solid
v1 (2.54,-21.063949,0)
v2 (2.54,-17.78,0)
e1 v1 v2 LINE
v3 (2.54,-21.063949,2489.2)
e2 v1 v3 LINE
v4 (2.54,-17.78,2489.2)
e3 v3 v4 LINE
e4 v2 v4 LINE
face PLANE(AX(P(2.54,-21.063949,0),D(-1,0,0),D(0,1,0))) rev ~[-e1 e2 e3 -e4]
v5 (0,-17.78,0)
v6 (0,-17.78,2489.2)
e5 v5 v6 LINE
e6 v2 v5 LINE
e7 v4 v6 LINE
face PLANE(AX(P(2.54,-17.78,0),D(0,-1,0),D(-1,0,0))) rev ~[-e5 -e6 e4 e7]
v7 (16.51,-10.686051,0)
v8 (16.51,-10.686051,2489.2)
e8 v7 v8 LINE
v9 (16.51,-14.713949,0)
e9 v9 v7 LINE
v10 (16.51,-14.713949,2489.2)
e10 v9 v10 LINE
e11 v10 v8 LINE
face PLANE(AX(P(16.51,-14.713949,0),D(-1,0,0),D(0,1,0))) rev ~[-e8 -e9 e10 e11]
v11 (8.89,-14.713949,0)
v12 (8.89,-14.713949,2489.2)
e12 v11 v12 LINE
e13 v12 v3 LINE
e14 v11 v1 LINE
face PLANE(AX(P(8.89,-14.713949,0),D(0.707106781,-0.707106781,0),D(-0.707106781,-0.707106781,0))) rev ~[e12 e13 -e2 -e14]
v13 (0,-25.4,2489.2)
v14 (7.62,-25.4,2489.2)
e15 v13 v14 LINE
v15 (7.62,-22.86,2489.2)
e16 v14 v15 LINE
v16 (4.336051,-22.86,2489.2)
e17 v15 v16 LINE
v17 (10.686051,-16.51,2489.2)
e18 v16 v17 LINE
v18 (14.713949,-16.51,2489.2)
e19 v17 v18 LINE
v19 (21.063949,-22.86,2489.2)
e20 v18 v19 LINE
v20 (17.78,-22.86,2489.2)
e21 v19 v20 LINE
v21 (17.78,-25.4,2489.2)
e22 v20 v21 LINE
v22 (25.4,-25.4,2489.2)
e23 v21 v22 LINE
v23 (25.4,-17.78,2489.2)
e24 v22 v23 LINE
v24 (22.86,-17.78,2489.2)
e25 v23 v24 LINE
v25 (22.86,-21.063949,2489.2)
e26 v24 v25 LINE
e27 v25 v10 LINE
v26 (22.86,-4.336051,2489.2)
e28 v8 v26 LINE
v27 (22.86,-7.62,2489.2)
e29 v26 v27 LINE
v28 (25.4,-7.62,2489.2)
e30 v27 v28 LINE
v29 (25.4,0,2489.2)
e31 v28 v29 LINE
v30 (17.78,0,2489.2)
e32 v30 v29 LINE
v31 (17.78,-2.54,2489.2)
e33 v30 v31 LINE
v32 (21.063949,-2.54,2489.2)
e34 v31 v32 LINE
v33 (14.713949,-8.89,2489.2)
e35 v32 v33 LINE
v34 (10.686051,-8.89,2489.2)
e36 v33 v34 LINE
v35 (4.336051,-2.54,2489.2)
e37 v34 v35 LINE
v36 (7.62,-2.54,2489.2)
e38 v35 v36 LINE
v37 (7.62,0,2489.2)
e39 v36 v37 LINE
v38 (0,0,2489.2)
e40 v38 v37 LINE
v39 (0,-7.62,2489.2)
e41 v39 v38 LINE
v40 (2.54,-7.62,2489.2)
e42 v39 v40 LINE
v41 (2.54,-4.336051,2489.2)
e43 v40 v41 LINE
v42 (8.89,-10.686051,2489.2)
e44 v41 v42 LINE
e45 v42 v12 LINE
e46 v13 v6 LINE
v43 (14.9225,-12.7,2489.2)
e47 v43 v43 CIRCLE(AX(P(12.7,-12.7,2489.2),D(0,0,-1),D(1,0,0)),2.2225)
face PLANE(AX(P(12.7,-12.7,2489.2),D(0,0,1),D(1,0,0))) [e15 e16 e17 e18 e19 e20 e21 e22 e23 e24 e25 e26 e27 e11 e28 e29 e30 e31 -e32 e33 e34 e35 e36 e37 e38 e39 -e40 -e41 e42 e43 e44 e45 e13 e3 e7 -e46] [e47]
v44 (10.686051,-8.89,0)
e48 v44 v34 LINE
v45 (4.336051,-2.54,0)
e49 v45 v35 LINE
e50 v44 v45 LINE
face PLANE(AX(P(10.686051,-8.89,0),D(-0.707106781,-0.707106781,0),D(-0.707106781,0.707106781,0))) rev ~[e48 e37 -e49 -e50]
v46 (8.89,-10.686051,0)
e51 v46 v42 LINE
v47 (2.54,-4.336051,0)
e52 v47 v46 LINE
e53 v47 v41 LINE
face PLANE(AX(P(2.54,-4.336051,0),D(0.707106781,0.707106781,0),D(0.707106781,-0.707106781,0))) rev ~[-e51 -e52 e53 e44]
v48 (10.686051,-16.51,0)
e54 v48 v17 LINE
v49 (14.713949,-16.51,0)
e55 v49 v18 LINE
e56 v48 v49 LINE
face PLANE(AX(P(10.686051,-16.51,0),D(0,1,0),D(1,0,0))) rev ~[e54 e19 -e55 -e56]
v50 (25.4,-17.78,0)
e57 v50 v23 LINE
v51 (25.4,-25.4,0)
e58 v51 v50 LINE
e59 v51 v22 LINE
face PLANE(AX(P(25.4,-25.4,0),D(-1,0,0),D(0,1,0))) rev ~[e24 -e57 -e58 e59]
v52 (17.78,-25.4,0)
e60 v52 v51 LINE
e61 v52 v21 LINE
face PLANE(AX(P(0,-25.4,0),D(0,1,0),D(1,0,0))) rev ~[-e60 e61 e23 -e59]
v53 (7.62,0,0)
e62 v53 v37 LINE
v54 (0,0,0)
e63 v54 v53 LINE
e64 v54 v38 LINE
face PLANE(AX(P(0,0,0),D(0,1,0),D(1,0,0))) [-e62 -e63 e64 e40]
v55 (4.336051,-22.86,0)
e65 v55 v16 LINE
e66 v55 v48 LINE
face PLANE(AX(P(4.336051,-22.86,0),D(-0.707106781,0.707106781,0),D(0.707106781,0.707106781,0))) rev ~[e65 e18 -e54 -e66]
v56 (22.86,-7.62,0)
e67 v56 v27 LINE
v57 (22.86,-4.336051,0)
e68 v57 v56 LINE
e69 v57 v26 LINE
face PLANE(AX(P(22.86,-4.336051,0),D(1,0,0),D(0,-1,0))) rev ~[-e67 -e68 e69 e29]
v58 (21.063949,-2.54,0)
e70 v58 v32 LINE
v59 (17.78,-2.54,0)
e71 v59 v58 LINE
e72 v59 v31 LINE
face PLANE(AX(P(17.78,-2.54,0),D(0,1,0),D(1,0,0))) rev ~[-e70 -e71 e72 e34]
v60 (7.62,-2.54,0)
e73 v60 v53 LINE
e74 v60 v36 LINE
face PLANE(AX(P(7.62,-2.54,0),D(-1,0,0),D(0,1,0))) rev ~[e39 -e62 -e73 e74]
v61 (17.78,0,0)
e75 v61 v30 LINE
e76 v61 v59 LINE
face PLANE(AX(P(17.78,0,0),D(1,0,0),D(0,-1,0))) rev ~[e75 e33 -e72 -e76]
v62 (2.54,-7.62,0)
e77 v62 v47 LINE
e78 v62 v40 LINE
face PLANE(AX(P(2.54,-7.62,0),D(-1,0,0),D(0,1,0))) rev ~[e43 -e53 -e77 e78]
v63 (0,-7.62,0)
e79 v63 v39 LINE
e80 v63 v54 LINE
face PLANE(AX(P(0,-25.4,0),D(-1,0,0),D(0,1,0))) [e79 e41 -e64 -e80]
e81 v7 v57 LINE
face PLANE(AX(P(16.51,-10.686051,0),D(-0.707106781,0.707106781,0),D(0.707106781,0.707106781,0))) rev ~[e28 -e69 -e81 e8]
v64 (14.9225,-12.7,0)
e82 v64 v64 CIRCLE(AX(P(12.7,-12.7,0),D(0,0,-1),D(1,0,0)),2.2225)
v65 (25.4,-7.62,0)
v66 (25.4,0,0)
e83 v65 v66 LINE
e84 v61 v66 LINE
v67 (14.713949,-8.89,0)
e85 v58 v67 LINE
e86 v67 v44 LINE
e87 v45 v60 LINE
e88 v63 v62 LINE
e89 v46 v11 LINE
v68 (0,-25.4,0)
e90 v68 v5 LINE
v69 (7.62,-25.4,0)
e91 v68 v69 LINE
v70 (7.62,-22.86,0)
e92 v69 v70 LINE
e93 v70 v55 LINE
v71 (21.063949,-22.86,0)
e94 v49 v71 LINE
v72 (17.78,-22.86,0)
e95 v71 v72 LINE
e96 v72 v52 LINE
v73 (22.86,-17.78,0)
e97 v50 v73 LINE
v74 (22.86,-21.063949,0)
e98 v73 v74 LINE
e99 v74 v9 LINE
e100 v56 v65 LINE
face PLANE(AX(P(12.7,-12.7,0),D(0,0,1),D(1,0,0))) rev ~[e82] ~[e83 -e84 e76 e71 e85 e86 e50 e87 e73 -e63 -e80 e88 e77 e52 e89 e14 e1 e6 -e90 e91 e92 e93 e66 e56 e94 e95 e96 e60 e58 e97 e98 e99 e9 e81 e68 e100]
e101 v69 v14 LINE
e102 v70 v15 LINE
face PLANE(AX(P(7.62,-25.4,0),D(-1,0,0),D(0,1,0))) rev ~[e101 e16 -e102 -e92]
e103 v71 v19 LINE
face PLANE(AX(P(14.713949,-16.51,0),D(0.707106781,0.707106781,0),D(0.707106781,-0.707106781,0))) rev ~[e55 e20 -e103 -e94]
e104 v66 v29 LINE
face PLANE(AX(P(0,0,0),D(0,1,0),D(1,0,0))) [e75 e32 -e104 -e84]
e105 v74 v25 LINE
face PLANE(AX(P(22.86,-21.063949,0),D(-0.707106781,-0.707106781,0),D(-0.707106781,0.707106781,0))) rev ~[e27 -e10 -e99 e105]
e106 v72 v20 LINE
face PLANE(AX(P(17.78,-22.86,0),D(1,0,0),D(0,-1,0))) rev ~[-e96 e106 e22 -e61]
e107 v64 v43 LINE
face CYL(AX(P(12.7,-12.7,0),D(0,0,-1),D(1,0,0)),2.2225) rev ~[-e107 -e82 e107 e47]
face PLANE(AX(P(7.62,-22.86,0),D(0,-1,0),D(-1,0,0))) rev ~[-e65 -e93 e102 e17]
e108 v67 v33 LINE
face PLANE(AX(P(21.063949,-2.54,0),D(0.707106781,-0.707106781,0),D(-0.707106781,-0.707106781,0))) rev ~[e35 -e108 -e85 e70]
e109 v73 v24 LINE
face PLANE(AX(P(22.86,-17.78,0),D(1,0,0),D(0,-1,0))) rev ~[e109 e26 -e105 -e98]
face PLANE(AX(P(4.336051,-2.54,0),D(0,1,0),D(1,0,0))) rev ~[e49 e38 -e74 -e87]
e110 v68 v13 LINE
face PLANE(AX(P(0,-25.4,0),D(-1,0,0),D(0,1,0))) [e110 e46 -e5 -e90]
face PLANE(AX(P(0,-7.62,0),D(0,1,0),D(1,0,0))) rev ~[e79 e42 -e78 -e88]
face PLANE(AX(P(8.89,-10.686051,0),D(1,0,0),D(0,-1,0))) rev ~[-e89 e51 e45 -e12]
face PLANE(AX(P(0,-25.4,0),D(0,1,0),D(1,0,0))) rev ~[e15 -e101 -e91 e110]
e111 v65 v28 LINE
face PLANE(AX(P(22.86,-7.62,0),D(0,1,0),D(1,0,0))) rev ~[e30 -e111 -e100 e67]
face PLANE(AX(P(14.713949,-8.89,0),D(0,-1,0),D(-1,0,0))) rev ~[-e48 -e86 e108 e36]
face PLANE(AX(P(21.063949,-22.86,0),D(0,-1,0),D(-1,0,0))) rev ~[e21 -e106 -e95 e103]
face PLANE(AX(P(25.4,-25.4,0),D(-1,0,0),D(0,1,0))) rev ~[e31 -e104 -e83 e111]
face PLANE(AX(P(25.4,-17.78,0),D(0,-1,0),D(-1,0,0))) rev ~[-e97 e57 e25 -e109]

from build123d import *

# Parameters (mm, degrees)
F0_W     = 25.4
F0_H     = 25.4
F1_DEPTH = 2489.2
F3_DEPTH = 2489.2
F4_R     = 2.2225
F5_DEPTH = 2489.2


with BuildPart() as f1:
    # F0 (on Top) → F1 (new body)
    with BuildSketch(Plane.XY):
        with Locations((12.7, -12.7)):
            Rectangle(F0_W, F0_H)
    extrude(amount=F1_DEPTH)

    # F2 (on face) → F3 (cut)
    with BuildSketch(Plane(origin=(0, 0, 0), x_dir=(1, 0, 0), z_dir=(0, 0, -1))):
        Polygon((2.54, 17.78), (0, 17.78), (0, 7.62), (2.54, 7.62), (2.54, 4.336051), (8.89, 10.686051), (8.89, 14.713949), (2.54, 21.063949), align=None)
        Polygon((7.62, 2.54), (7.62, 0), (17.78, 0), (17.78, 2.54), (21.063949, 2.54), (14.713949, 8.89), (10.686051, 8.89), (4.336051, 2.54), align=None)
        Polygon((25.4, 7.62), (25.4, 17.78), (22.86, 17.78), (22.86, 21.063949), (16.51, 14.713949), (16.51, 10.686051), (22.86, 4.336051), (22.86, 7.62), align=None)
        Polygon((17.78, 25.4), (7.62, 25.4), (7.62, 22.86), (4.336051, 22.86), (10.686051, 16.51), (12.7, 16.51), (14.713949, 16.51), (21.063949, 22.86), (17.78, 22.86), align=None)
    extrude(amount=-F3_DEPTH, mode=Mode.SUBTRACT)

    # F4 (on face) → F5 (cut)
    with BuildSketch(Plane(origin=(0, 0, 0), x_dir=(1, 0, 0), z_dir=(0, 0, -1))):
        with Locations((12.7, 12.7)):
            Circle(F4_R)
    extrude(amount=-F5_DEPTH, mode=Mode.SUBTRACT)


solid = f1.part
